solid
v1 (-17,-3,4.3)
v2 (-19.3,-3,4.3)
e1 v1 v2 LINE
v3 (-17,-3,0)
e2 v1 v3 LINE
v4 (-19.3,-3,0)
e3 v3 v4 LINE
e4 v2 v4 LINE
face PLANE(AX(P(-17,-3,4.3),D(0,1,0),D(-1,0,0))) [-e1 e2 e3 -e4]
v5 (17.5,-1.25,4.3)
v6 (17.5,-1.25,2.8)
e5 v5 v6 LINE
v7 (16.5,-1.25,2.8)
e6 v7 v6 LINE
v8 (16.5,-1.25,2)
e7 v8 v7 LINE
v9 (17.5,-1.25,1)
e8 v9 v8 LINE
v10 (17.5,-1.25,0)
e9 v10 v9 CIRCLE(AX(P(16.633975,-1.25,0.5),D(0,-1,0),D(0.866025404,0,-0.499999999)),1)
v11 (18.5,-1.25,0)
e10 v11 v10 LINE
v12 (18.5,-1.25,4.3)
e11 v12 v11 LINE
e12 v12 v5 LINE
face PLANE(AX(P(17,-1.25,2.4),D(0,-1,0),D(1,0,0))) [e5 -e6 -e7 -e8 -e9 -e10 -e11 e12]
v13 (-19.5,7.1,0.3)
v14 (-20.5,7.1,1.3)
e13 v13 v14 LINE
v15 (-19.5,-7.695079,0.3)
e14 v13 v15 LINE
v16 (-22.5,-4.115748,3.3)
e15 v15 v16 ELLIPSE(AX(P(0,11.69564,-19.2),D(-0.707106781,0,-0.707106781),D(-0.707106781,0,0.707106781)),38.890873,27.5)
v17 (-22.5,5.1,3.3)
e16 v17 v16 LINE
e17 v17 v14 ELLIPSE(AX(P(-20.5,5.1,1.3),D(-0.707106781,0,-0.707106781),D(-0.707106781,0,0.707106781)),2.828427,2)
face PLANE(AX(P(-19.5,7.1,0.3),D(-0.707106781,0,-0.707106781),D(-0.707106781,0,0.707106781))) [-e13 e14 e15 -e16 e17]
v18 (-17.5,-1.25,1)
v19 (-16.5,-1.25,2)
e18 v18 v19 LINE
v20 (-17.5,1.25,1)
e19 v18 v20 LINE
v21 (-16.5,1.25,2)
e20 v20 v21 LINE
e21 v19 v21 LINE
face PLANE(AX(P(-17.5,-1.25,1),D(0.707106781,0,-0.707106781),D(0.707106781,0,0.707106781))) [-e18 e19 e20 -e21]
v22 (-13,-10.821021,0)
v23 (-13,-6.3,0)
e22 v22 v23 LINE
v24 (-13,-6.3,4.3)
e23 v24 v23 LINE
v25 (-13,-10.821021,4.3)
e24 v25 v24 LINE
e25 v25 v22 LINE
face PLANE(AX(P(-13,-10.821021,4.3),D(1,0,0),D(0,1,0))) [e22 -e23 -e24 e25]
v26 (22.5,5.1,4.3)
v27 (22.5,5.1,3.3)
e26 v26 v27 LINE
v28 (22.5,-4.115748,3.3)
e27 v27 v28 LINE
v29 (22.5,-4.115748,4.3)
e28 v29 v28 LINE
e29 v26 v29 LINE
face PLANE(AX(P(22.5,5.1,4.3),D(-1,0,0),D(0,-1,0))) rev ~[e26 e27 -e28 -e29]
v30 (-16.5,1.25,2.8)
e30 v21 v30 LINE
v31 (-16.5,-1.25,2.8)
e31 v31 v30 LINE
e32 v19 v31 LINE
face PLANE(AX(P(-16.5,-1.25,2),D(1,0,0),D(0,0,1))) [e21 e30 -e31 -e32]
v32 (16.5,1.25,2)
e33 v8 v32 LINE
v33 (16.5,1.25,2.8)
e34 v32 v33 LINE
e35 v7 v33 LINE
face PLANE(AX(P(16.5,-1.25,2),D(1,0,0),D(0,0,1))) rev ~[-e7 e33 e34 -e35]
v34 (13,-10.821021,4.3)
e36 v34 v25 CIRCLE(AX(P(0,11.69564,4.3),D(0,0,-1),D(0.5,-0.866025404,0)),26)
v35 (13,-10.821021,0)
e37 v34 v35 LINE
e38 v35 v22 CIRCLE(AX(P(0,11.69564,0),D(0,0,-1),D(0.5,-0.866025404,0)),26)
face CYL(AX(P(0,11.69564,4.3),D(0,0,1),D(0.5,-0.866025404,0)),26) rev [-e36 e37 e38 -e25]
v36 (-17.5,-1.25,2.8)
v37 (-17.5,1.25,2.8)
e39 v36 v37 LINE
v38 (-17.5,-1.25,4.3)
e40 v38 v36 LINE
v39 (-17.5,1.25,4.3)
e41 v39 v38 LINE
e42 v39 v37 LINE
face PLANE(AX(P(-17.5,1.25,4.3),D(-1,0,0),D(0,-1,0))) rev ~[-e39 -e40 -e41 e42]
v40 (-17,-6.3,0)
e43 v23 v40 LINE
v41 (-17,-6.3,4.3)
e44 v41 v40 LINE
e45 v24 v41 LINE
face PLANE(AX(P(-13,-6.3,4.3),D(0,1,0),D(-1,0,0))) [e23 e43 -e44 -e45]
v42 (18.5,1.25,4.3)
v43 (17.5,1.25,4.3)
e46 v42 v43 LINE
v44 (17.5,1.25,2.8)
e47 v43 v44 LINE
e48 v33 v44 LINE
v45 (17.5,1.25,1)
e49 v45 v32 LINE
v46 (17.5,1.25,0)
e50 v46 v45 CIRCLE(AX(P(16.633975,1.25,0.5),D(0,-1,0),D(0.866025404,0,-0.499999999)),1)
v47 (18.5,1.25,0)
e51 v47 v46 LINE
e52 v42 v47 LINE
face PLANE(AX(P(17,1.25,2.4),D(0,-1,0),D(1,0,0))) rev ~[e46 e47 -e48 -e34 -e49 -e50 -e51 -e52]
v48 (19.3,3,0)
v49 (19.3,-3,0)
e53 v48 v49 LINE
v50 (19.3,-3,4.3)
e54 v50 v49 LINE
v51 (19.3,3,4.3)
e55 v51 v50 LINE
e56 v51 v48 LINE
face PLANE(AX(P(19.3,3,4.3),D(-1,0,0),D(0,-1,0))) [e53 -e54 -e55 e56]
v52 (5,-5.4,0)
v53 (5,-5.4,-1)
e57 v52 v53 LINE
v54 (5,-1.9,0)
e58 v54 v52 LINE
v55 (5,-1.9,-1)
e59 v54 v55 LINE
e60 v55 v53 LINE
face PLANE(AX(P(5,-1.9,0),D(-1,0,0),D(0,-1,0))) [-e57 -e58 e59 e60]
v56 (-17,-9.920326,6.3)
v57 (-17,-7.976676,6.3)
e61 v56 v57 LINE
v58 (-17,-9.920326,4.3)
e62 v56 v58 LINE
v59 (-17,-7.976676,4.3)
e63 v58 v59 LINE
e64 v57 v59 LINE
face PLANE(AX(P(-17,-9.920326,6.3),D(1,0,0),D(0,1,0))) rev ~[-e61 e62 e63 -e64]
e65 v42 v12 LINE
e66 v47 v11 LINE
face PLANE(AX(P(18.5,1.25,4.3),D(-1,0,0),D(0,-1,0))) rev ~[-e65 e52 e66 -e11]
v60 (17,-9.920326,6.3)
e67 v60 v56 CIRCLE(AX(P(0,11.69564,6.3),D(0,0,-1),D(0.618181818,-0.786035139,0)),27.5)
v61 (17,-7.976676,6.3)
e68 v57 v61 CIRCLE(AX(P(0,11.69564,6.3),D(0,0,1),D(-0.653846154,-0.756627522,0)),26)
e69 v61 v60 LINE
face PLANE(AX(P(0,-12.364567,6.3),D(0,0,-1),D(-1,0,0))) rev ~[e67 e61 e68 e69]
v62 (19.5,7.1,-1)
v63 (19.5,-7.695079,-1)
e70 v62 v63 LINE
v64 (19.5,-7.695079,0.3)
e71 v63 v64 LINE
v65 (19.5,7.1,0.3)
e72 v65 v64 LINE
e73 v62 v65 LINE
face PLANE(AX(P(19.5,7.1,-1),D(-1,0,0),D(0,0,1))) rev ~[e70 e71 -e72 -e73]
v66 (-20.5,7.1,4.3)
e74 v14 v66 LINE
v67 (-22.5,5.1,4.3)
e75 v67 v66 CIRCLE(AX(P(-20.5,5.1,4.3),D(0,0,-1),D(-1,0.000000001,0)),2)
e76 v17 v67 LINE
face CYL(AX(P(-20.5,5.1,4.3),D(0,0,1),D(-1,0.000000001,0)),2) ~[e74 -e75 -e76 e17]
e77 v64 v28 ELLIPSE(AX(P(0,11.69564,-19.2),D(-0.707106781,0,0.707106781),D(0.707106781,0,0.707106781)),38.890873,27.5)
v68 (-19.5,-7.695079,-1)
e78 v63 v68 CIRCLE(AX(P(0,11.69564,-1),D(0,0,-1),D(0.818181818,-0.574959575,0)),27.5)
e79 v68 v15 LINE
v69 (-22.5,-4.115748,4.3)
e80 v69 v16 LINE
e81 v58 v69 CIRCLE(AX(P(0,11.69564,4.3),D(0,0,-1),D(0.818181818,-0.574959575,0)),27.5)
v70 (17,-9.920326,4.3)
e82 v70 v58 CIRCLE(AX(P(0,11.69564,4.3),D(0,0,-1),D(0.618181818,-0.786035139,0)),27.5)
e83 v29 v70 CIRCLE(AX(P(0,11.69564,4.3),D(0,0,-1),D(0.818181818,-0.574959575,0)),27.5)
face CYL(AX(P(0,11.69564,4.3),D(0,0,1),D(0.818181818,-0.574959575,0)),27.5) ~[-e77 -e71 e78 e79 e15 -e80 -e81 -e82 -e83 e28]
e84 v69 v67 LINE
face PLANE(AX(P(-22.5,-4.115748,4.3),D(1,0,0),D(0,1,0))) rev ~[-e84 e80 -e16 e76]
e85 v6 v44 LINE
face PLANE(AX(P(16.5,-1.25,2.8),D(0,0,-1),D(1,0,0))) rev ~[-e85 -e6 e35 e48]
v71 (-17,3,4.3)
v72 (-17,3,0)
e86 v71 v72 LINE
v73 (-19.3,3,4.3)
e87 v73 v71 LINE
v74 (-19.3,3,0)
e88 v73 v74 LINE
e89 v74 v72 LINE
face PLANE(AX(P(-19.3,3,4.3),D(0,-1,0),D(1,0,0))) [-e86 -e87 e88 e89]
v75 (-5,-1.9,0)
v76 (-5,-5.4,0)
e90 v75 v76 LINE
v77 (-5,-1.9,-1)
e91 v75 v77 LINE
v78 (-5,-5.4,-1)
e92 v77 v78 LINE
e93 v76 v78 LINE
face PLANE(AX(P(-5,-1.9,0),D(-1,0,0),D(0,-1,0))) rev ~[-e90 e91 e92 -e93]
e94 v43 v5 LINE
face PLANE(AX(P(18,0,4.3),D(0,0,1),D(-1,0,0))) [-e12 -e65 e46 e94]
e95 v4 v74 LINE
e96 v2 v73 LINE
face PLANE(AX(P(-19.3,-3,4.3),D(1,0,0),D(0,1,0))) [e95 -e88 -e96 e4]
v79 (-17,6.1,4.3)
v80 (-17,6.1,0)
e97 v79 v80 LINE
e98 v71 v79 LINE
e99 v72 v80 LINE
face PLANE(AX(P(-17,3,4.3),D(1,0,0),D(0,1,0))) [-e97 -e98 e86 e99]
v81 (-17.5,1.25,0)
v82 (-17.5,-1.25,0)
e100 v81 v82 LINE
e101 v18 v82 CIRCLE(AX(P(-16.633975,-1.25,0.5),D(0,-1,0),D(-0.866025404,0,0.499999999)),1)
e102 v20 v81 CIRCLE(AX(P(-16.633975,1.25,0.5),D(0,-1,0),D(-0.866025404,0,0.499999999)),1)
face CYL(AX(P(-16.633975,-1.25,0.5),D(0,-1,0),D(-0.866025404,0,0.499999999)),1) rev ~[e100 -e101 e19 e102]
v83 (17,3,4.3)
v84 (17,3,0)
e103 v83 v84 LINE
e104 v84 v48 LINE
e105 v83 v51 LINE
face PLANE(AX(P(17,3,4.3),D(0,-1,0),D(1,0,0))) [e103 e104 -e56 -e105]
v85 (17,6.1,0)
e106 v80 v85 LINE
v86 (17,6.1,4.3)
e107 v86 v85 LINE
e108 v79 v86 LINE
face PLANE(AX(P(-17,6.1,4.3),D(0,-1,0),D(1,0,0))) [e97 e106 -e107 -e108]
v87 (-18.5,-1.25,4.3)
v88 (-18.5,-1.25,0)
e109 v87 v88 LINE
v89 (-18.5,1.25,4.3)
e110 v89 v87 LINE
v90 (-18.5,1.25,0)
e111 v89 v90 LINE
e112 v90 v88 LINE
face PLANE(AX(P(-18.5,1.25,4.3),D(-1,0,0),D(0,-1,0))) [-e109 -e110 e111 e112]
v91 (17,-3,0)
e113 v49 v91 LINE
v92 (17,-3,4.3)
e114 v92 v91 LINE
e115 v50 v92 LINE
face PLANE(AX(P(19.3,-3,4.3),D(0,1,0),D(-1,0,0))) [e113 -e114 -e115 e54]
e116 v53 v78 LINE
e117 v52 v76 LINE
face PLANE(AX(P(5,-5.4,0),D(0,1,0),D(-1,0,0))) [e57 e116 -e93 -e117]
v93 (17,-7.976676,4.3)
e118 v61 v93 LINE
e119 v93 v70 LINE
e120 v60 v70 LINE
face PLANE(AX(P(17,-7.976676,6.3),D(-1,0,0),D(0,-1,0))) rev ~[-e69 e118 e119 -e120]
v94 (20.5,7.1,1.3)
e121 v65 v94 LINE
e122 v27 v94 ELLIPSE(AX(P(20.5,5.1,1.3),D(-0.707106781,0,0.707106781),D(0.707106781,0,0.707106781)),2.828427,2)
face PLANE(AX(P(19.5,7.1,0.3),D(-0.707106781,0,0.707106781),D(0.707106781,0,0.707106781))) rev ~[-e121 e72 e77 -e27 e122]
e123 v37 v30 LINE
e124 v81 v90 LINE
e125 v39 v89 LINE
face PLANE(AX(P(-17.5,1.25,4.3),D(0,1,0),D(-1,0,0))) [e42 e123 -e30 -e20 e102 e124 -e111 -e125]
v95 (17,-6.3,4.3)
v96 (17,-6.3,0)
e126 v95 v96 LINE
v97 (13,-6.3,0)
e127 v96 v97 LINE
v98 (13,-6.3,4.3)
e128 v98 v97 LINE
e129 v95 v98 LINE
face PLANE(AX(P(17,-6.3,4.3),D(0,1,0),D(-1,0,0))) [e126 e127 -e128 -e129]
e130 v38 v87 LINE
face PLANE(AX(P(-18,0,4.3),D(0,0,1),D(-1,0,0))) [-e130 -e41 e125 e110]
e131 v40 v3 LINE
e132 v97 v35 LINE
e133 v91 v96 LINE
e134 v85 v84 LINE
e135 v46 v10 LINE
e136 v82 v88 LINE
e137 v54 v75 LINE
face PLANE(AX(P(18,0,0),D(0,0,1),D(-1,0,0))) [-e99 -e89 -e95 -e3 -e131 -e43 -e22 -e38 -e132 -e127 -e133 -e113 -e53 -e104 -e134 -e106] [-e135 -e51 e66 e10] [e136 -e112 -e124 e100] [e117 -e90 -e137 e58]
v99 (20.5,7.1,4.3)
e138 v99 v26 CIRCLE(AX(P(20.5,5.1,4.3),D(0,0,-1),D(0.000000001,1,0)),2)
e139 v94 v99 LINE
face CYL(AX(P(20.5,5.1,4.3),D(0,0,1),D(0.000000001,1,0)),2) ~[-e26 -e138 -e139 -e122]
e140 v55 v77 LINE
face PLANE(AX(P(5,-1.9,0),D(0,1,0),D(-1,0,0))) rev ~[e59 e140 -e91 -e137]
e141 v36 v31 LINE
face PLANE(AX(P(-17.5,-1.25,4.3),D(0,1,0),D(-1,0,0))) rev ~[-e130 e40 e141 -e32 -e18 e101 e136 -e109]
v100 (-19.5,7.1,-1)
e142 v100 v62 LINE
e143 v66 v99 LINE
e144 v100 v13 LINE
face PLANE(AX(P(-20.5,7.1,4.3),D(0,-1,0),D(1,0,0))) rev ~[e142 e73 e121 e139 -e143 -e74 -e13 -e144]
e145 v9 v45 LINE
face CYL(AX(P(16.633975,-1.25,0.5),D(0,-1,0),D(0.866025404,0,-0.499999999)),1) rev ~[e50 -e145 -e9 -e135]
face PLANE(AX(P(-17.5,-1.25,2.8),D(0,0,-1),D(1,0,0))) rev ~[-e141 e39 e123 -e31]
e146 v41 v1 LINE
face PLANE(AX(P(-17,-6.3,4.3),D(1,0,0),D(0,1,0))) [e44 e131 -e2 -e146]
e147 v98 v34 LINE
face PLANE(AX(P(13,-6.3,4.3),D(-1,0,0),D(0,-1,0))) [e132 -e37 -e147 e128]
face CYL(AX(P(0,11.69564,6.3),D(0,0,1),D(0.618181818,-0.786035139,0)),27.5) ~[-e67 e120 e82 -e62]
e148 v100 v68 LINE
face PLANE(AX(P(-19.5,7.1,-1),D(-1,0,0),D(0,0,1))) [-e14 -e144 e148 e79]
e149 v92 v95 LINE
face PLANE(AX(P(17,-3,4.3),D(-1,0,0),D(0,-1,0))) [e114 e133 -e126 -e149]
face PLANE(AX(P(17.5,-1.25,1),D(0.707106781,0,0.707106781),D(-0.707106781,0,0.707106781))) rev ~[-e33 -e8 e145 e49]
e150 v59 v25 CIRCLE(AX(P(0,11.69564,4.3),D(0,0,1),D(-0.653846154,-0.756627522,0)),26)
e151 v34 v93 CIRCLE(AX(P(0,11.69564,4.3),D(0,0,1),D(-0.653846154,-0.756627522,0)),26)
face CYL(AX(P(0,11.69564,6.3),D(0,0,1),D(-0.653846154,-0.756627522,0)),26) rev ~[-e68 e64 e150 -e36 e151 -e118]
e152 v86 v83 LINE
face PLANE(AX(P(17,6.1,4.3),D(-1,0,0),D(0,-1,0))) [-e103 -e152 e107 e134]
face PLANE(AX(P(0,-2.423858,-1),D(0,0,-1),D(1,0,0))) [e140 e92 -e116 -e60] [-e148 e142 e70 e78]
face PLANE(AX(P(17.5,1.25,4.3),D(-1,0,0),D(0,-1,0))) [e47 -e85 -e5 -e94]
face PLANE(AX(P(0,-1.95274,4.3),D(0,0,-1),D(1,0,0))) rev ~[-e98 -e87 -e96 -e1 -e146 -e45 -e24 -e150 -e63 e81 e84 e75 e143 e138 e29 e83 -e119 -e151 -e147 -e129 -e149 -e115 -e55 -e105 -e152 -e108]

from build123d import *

# Parameters (mm, degrees)
SKETCH1_W           = 1
SKETCH1_H           = 2.5
SKETCH1_W_2         = 10
SKETCH1_H_2         = 3.5
BOSS_EXTRUDE1_DEPTH = 1
BOSS_EXTRUDE2_START = 4.3
SKETCH1_3_W         = 1
SKETCH1_3_H         = 2.5
BOSS_EXTRUDE2_DEPTH = 4.3
CUT_EXTRUDE1_REACH  = 29.14
CUT_EXTRUDE2_DEPTH  = 33.393667716
BOSS_EXTRUDE4_START = 2
BOSS_EXTRUDE4_DEPTH = 2
SKETCH3_5_W         = 1
SKETCH3_5_H         = 0.8
BOSS_EXTRUDE5_DEPTH = 2.5


with BuildPart() as part:
    # Sketch1 → Boss-Extrude1 (new body)
    # profile 1 of 4: a face of its own
    with BuildSketch(Plane(origin=(0, 0, 0), x_dir=(-1, 0, 0), z_dir=(0, 0, 1))):
        with BuildLine():
            ThreePointArc((-20.5, -7.1), (-21.914213562, -6.514213562), (-22.5, -5.1))
            Line((-22.5, -5.1), (-22.5, 4.115748324))
            ThreePointArc((-22.5, 4.115748324), (0, 15.804360023), (22.5, 4.115748324))
            Line((22.5, 4.115748324), (22.5, -5.1))
            ThreePointArc((22.5, -5.1), (21.914213562, -6.514213562), (20.5, -7.1))
            Line((20.5, -7.1), (-20.5, -7.1))
        make_face()
        with BuildLine():
            Line((-13, 6.3), (-13, 10.821020521))
            ThreePointArc((-13, 10.821020521), (0, 14.304360023), (13, 10.821020521))
            Line((13, 10.821020521), (13, 6.3))
            Line((13, 6.3), (17, 6.3))
            Line((17, 6.3), (17, 3))
            Line((17, 3), (19.3, 3))
            Line((19.3, 3), (19.3, -3))
            Line((19.3, -3), (17, -3))
            Line((17, -3), (17, -6.1))
            Line((17, -6.1), (-17, -6.1))
            Line((-17, -6.1), (-17, -3))
            Line((-17, -3), (-19.3, -3))
            Line((-19.3, -3), (-19.3, 3))
            Line((-19.3, 3), (-17, 3))
            Line((-17, 3), (-17, 6.3))
            Line((-17, 6.3), (-13, 6.3))
        make_face(mode=Mode.SUBTRACT)
    # profile 2 of 4: a face of its own
    with BuildSketch(Plane(origin=(0, 0, 0), x_dir=(-1, 0, 0), z_dir=(0, 0, 1))):
        with BuildLine():
            ThreePointArc((-13, 10.821020521), (0, 14.304360023), (13, 10.821020521))
            Line((13, 10.821020521), (13, 6.3))
            Line((13, 6.3), (17, 6.3))
            Line((17, 6.3), (17, 3))
            Line((17, 3), (19.3, 3))
            Line((19.3, 3), (19.3, -3))
            Line((19.3, -3), (17, -3))
            Line((17, -3), (17, -6.1))
            Line((17, -6.1), (-17, -6.1))
            Line((-17, -6.1), (-17, -3))
            Line((-17, -3), (-19.3, -3))
            Line((-19.3, -3), (-19.3, 3))
            Line((-19.3, 3), (-17, 3))
            Line((-17, 3), (-17, 6.3))
            Line((-17, 6.3), (-13, 6.3))
            Line((-13, 6.3), (-13, 10.821020521))
        make_face()
        with Locations((-18, 0)):
            Rectangle(SKETCH1_W, SKETCH1_H, mode=Mode.SUBTRACT)
        with Locations((0, 3.65)):
            Rectangle(SKETCH1_W_2, SKETCH1_H_2, mode=Mode.SUBTRACT)
        with Locations((18, 0)):
            Rectangle(SKETCH1_W, SKETCH1_H, mode=Mode.SUBTRACT)
    # profile 3 of 4: a face of its own
    with BuildSketch(Plane(origin=(0, 0, 0), x_dir=(-1, 0, 0), z_dir=(0, 0, 1))):
        with Locations((18, 0)):
            Rectangle(SKETCH1_W, SKETCH1_H)
    # profile 4 of 4: a face of its own
    with BuildSketch(Plane(origin=(0, 0, 0), x_dir=(-1, 0, 0), z_dir=(0, 0, 1))):
        with Locations((-18, 0)):
            Rectangle(SKETCH1_W, SKETCH1_H)
    extrude(amount=-BOSS_EXTRUDE1_DEPTH)

    # Sketch1<3> → Boss-Extrude2 (add)
    # profile 1 of 3: a face of its own
    with BuildSketch(Plane(origin=(0, 0, 0), x_dir=(-1, 0, 0), z_dir=(0, 0, 1)).offset(BOSS_EXTRUDE2_START)):
        with BuildLine():
            ThreePointArc((-20.5, -7.1), (-21.914213562, -6.514213562), (-22.5, -5.1))
            Line((-22.5, -5.1), (-22.5, 4.115748324))
            ThreePointArc((-22.5, 4.115748324), (0, 15.804360023), (22.5, 4.115748324))
            Line((22.5, 4.115748324), (22.5, -5.1))
            ThreePointArc((22.5, -5.1), (21.914213562, -6.514213562), (20.5, -7.1))
            Line((20.5, -7.1), (-20.5, -7.1))
        make_face()
        with BuildLine():
            Line((-13, 6.3), (-13, 10.821020521))
            ThreePointArc((-13, 10.821020521), (0, 14.304360023), (13, 10.821020521))
            Line((13, 10.821020521), (13, 6.3))
            Line((13, 6.3), (17, 6.3))
            Line((17, 6.3), (17, 3))
            Line((17, 3), (19.3, 3))
            Line((19.3, 3), (19.3, -3))
            Line((19.3, -3), (17, -3))
            Line((17, -3), (17, -6.1))
            Line((17, -6.1), (-17, -6.1))
            Line((-17, -6.1), (-17, -3))
            Line((-17, -3), (-19.3, -3))
            Line((-19.3, -3), (-19.3, 3))
            Line((-19.3, 3), (-17, 3))
            Line((-17, 3), (-17, 6.3))
            Line((-17, 6.3), (-13, 6.3))
        make_face(mode=Mode.SUBTRACT)
    # profile 2 of 3: a face of its own
    with BuildSketch(Plane(origin=(0, 0, 0), x_dir=(-1, 0, 0), z_dir=(0, 0, 1)).offset(BOSS_EXTRUDE2_START)):
        with Locations((18, 0)):
            Rectangle(SKETCH1_3_W, SKETCH1_3_H)
    # profile 3 of 3: a face of its own
    with BuildSketch(Plane(origin=(0, 0, 0), x_dir=(-1, 0, 0), z_dir=(0, 0, 1)).offset(BOSS_EXTRUDE2_START)):
        with Locations((-18, 0)):
            Rectangle(SKETCH1_3_W, SKETCH1_3_H)
    extrude(amount=-BOSS_EXTRUDE2_DEPTH)

    # Sketch3 → Cut-Extrude1 (cut, up to next)
    with BuildSketch(Plane.XZ.offset(1.25), mode=Mode.PRIVATE) as cut_extrude1_sk1:
        with BuildLine():
            Line((-17.5, 0), (-17.5, 1))
            ThreePointArc((-17.5, 1), (-17.633974596, 0.5), (-17.5, 0))
        make_face()
    cut_extrude1_tool1 = extrude(cut_extrude1_sk1.sketch, amount=-CUT_EXTRUDE1_REACH, mode=Mode.PRIVATE) & part.part
    # Sketch3 → Cut-Extrude1 (cut, up to next)
    with BuildSketch(Plane.XZ.offset(1.25), mode=Mode.PRIVATE) as cut_extrude1_sk2:
        with BuildLine():
            ThreePointArc((17.5, 0), (17.633974596, 0.5), (17.5, 1))
            Line((17.5, 1), (17.5, 0))
        make_face()
    cut_extrude1_tool2 = extrude(cut_extrude1_sk2.sketch, amount=-CUT_EXTRUDE1_REACH, mode=Mode.PRIVATE) & part.part
    add(cut_extrude1_tool1.solids().sort_by_distance((-17.55391, -1.25, 0.5))[0], mode=Mode.SUBTRACT)
    add(cut_extrude1_tool2.solids().sort_by_distance((17.55391, -1.25, 0.5))[0], mode=Mode.SUBTRACT)

    # Sketch4 → Cut-Extrude2 (cut, through all)
    with BuildSketch(Plane(origin=(0, 7.1, 0), x_dir=(1, 0, 0), z_dir=(0, 1, 0))):
        Polygon((19.5, 1), (19.5, -0.3), (22.5, -3.3), (22.5, 1), align=None)
        Polygon((-19.5, -0.3), (-22.5, -3.3), (-22.5, 1), (-19.5, 1), align=None)
    extrude(amount=-CUT_EXTRUDE2_DEPTH, mode=Mode.SUBTRACT)

    # Sketch5 → Boss-Extrude4 (add)
    with BuildSketch(Plane.XY.offset(4.3).offset(BOSS_EXTRUDE4_START)):
        with BuildLine():
            Line((17, -7.976675596), (17, -9.920326344))
            ThreePointArc((17, -9.920326344), (0, -15.804360023), (-17, -9.920326344))
            Line((-17, -9.920326344), (-17, -7.976675596))
            ThreePointArc((-17, -7.976675596), (0, -14.304360023), (17, -7.976675596))
        make_face()
    extrude(amount=-BOSS_EXTRUDE4_DEPTH)

    # Sketch3<5> → Boss-Extrude5 (add)
    with BuildSketch(Plane.XZ.offset(1.25)):
        with Locations((17, 2.4)):
            Rectangle(SKETCH3_5_W, SKETCH3_5_H)
        Polygon((16.5, 2), (17.5, 2), (17.5, 1), align=None)
        with Locations((-17, 2.4)):
            Rectangle(SKETCH3_5_W, SKETCH3_5_H)
        Polygon((-16.5, 2), (-17.5, 2), (-17.5, 1), align=None)
    extrude(amount=-BOSS_EXTRUDE5_DEPTH)


solid = part.part
